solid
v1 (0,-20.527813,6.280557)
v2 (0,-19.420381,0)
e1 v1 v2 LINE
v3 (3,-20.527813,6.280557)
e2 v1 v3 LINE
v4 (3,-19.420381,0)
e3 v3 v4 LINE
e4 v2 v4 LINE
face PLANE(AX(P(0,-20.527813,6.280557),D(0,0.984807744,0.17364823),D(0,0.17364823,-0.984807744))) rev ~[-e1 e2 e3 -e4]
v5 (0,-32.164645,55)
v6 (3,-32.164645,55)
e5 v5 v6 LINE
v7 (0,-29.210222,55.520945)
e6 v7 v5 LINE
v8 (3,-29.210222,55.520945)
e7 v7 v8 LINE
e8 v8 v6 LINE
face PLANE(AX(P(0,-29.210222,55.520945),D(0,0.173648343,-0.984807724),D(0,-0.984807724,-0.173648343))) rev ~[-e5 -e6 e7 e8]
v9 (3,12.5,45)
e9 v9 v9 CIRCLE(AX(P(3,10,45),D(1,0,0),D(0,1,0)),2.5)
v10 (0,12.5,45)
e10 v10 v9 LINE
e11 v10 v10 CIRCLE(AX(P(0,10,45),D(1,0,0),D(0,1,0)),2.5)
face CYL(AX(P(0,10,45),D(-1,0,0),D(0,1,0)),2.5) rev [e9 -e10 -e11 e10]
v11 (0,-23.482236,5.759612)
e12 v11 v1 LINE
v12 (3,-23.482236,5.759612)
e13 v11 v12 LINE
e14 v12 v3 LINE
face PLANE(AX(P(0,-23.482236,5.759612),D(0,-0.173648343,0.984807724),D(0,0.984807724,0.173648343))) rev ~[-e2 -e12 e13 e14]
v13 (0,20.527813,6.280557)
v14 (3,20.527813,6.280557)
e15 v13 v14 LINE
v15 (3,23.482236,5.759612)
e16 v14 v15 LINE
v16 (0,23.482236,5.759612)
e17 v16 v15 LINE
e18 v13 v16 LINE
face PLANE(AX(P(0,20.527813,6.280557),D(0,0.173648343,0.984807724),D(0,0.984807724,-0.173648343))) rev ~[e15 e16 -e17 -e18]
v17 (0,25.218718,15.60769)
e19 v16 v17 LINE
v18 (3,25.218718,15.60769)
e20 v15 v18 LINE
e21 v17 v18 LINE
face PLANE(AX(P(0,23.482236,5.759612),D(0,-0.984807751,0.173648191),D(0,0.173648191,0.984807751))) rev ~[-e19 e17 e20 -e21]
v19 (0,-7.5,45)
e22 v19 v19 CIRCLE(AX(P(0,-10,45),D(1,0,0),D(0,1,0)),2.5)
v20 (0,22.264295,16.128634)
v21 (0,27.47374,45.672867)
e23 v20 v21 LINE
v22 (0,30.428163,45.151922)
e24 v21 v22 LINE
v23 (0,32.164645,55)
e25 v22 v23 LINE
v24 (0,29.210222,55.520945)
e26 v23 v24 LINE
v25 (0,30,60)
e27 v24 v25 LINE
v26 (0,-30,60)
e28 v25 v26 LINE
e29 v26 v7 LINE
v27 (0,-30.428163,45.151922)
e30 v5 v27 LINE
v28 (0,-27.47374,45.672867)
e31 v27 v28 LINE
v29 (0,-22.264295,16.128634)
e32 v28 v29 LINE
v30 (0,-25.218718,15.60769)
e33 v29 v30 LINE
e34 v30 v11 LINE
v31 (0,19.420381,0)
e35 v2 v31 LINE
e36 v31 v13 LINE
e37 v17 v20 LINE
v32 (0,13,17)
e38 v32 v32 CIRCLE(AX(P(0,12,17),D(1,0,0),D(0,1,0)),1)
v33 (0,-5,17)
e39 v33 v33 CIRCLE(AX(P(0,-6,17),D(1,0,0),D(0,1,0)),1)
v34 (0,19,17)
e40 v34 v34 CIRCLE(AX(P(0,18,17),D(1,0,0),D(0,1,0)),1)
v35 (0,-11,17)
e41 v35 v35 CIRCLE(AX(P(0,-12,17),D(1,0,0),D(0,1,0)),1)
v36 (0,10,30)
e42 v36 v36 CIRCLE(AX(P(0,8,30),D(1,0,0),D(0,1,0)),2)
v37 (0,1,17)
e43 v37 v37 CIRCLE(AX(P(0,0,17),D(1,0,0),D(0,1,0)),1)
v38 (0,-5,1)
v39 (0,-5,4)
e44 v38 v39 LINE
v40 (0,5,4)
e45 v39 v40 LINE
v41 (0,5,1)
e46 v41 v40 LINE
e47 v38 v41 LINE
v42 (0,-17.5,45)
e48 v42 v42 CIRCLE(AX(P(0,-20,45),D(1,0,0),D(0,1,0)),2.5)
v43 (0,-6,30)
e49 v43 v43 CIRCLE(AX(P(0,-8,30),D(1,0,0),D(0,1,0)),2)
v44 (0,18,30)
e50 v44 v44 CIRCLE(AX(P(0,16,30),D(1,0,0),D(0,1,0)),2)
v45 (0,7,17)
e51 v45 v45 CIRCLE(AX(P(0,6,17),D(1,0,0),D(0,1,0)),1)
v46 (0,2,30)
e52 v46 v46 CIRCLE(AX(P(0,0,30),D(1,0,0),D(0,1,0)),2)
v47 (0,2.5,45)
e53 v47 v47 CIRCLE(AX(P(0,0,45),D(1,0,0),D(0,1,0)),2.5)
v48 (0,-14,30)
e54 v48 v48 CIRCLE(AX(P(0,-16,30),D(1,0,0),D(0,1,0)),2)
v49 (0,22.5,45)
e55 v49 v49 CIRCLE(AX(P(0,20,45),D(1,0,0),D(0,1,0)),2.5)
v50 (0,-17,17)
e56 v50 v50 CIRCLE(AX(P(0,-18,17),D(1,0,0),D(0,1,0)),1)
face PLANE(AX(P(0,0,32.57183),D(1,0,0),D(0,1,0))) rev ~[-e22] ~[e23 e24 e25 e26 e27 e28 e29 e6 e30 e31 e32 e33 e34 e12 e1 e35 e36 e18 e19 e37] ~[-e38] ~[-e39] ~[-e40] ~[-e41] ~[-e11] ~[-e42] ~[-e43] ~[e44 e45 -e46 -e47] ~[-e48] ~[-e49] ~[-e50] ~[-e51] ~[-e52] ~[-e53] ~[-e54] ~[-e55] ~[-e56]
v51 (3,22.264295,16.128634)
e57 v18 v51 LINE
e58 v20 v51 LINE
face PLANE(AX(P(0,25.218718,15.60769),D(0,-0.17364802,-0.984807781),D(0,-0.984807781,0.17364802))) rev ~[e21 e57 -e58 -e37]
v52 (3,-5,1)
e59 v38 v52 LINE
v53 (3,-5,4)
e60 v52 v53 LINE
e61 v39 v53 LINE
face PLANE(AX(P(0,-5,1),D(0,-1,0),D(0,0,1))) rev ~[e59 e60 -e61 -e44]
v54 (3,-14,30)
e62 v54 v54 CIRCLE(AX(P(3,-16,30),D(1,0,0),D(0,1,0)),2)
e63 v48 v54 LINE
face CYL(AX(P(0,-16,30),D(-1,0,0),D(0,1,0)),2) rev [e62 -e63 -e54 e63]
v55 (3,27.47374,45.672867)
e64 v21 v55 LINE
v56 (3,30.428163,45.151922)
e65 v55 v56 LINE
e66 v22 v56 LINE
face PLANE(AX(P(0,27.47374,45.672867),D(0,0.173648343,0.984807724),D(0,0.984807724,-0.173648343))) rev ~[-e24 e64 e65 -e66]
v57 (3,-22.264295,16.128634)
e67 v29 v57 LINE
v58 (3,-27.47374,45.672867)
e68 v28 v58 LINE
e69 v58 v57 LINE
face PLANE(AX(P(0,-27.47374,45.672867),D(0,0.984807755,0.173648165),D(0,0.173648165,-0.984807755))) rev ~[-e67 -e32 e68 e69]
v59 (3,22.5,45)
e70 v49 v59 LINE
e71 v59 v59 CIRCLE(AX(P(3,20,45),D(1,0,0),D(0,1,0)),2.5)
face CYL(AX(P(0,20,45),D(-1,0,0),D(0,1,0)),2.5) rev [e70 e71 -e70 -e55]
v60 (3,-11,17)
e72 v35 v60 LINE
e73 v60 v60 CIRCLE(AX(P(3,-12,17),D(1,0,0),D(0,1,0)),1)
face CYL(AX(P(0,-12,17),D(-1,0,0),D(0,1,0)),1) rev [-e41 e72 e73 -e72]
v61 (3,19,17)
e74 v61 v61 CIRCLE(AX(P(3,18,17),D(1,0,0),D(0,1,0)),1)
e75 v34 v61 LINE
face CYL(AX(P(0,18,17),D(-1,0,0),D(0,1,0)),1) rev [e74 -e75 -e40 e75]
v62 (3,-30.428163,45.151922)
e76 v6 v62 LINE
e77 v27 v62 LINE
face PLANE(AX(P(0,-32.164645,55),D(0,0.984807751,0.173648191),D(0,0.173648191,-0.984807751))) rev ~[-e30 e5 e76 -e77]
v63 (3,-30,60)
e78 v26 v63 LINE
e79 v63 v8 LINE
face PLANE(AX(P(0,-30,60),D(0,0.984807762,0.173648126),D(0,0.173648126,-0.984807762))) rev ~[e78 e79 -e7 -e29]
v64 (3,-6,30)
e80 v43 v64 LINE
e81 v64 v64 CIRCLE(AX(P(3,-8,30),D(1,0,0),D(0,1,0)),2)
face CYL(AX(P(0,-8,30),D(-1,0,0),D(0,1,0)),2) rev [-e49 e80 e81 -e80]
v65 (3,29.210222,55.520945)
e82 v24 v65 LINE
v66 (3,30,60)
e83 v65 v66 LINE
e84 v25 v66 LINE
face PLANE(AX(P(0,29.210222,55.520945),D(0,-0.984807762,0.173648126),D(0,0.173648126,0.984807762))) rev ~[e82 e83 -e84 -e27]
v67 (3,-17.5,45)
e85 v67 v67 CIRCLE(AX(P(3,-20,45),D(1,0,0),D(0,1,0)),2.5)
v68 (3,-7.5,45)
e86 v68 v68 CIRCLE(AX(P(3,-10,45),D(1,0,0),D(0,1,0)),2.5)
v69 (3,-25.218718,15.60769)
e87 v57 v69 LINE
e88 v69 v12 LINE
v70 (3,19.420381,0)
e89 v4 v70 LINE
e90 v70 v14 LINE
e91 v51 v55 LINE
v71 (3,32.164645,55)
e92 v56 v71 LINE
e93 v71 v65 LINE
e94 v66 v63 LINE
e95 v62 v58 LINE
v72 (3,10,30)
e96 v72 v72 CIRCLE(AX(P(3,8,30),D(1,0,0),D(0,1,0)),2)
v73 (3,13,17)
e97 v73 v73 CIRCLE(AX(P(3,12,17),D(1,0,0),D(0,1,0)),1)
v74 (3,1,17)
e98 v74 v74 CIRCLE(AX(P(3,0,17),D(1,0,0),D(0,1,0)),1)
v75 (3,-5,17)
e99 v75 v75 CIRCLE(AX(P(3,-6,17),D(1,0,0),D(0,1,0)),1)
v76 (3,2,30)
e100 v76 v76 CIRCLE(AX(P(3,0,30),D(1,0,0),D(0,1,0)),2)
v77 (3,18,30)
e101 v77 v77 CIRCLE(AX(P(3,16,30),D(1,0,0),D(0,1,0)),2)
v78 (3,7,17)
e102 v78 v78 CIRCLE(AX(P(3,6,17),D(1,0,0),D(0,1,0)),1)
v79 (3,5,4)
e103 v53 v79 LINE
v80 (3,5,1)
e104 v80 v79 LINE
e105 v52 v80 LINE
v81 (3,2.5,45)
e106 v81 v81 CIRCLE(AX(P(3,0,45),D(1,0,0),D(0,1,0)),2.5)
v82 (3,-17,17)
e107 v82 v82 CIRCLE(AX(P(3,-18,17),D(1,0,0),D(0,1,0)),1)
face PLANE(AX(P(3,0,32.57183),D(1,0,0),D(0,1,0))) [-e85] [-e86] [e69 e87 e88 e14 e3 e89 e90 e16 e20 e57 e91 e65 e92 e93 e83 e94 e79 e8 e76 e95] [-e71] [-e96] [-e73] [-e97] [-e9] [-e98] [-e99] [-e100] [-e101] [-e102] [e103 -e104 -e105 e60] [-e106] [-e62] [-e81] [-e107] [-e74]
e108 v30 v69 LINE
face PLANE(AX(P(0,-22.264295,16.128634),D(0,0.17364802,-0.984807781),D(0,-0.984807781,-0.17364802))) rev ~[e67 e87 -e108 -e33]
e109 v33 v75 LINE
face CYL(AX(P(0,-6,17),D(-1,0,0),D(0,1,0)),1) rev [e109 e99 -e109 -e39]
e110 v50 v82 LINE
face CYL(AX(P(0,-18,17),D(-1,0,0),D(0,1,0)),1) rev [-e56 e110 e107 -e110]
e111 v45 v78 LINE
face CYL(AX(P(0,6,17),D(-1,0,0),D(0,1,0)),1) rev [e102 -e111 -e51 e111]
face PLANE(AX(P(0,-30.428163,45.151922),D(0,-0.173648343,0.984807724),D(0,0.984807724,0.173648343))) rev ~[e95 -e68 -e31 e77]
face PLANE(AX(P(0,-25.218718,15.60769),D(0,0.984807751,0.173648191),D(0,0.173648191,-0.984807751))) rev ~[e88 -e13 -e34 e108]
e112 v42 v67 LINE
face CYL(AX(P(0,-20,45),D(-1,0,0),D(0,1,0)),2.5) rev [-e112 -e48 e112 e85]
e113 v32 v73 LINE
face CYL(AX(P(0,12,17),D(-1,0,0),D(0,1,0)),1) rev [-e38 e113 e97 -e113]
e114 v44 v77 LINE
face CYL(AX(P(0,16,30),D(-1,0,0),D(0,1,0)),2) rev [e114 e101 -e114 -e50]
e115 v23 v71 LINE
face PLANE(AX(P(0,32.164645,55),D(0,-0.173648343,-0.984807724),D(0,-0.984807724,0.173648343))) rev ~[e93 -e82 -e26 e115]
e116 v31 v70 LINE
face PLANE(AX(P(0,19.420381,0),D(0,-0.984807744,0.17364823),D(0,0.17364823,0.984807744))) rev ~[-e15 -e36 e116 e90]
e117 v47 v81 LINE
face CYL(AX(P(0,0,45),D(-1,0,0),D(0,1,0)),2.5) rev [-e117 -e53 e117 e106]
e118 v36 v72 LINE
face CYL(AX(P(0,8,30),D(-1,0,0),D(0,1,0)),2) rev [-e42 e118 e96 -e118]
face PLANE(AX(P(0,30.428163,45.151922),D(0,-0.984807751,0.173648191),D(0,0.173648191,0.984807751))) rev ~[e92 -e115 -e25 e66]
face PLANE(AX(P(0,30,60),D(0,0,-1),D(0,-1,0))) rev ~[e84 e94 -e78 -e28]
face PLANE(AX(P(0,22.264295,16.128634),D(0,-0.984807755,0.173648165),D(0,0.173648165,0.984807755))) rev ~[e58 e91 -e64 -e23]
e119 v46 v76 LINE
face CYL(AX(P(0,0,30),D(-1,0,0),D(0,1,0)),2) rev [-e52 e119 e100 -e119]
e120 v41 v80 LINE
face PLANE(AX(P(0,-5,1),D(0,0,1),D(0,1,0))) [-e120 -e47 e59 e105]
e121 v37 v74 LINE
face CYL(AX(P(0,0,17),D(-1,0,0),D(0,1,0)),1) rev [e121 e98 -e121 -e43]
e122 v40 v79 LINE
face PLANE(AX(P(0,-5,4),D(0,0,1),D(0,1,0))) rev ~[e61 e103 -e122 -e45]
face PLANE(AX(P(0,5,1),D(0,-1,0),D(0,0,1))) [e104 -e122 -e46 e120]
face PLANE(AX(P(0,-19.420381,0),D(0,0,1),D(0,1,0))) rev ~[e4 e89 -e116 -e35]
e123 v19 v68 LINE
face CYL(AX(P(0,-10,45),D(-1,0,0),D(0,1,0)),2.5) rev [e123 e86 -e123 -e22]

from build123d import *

# Parameters (mm, degrees)
F0_W     = 10
F0_H     = 3
F0_R     = 1
F0_R_2   = 2
F0_R_3   = 2.5
F1_DEPTH = 3


with BuildPart() as f1:
    # F0 (on Right) → F1 (new body)
    with BuildSketch(Plane.YZ):
        Polygon((-20.527813, 6.280557), (-19.420381, 0), (19.420381, 0), (20.527813, 6.280557), (23.482236, 5.759612), (25.218718, 15.60769), (22.264295, 16.128634), (27.47374, 45.672867), (30.428163, 45.151922), (32.164645, 55), (29.210222, 55.520945), (30, 60), (-30, 60), (-29.210222, 55.520945), (-32.164645, 55), (-30.428163, 45.151922), (-27.47374, 45.672867), (-22.264295, 16.128634), (-25.218718, 15.60769), (-23.482236, 5.759612), align=None)
        with Locations((0, 2.5)):
            Rectangle(F0_W, F0_H, mode=Mode.SUBTRACT)
        with Locations((-18, 17)):
            Circle(F0_R, mode=Mode.SUBTRACT)
        with Locations((-12, 17)):
            Circle(F0_R, mode=Mode.SUBTRACT)
        with Locations((-6, 17)):
            Circle(F0_R, mode=Mode.SUBTRACT)
        with Locations((0, 17)):
            Circle(F0_R, mode=Mode.SUBTRACT)
        with Locations((6, 17)):
            Circle(F0_R, mode=Mode.SUBTRACT)
        with Locations((12, 17)):
            Circle(F0_R, mode=Mode.SUBTRACT)
        with Locations((18, 17)):
            Circle(F0_R, mode=Mode.SUBTRACT)
        with Locations((-16, 30)):
            Circle(F0_R_2, mode=Mode.SUBTRACT)
        with Locations((-8, 30)):
            Circle(F0_R_2, mode=Mode.SUBTRACT)
        with Locations((0, 30)):
            Circle(F0_R_2, mode=Mode.SUBTRACT)
        with Locations((-20, 45)):
            Circle(F0_R_3, mode=Mode.SUBTRACT)
        with Locations((-10, 45)):
            Circle(F0_R_3, mode=Mode.SUBTRACT)
        with Locations((0, 45)):
            Circle(F0_R_3, mode=Mode.SUBTRACT)
        with Locations((8, 30)):
            Circle(F0_R_2, mode=Mode.SUBTRACT)
        with Locations((16, 30)):
            Circle(F0_R_2, mode=Mode.SUBTRACT)
        with Locations((10, 45)):
            Circle(F0_R_3, mode=Mode.SUBTRACT)
        with Locations((20, 45)):
            Circle(F0_R_3, mode=Mode.SUBTRACT)
    extrude(amount=F1_DEPTH)


solid = f1.part
